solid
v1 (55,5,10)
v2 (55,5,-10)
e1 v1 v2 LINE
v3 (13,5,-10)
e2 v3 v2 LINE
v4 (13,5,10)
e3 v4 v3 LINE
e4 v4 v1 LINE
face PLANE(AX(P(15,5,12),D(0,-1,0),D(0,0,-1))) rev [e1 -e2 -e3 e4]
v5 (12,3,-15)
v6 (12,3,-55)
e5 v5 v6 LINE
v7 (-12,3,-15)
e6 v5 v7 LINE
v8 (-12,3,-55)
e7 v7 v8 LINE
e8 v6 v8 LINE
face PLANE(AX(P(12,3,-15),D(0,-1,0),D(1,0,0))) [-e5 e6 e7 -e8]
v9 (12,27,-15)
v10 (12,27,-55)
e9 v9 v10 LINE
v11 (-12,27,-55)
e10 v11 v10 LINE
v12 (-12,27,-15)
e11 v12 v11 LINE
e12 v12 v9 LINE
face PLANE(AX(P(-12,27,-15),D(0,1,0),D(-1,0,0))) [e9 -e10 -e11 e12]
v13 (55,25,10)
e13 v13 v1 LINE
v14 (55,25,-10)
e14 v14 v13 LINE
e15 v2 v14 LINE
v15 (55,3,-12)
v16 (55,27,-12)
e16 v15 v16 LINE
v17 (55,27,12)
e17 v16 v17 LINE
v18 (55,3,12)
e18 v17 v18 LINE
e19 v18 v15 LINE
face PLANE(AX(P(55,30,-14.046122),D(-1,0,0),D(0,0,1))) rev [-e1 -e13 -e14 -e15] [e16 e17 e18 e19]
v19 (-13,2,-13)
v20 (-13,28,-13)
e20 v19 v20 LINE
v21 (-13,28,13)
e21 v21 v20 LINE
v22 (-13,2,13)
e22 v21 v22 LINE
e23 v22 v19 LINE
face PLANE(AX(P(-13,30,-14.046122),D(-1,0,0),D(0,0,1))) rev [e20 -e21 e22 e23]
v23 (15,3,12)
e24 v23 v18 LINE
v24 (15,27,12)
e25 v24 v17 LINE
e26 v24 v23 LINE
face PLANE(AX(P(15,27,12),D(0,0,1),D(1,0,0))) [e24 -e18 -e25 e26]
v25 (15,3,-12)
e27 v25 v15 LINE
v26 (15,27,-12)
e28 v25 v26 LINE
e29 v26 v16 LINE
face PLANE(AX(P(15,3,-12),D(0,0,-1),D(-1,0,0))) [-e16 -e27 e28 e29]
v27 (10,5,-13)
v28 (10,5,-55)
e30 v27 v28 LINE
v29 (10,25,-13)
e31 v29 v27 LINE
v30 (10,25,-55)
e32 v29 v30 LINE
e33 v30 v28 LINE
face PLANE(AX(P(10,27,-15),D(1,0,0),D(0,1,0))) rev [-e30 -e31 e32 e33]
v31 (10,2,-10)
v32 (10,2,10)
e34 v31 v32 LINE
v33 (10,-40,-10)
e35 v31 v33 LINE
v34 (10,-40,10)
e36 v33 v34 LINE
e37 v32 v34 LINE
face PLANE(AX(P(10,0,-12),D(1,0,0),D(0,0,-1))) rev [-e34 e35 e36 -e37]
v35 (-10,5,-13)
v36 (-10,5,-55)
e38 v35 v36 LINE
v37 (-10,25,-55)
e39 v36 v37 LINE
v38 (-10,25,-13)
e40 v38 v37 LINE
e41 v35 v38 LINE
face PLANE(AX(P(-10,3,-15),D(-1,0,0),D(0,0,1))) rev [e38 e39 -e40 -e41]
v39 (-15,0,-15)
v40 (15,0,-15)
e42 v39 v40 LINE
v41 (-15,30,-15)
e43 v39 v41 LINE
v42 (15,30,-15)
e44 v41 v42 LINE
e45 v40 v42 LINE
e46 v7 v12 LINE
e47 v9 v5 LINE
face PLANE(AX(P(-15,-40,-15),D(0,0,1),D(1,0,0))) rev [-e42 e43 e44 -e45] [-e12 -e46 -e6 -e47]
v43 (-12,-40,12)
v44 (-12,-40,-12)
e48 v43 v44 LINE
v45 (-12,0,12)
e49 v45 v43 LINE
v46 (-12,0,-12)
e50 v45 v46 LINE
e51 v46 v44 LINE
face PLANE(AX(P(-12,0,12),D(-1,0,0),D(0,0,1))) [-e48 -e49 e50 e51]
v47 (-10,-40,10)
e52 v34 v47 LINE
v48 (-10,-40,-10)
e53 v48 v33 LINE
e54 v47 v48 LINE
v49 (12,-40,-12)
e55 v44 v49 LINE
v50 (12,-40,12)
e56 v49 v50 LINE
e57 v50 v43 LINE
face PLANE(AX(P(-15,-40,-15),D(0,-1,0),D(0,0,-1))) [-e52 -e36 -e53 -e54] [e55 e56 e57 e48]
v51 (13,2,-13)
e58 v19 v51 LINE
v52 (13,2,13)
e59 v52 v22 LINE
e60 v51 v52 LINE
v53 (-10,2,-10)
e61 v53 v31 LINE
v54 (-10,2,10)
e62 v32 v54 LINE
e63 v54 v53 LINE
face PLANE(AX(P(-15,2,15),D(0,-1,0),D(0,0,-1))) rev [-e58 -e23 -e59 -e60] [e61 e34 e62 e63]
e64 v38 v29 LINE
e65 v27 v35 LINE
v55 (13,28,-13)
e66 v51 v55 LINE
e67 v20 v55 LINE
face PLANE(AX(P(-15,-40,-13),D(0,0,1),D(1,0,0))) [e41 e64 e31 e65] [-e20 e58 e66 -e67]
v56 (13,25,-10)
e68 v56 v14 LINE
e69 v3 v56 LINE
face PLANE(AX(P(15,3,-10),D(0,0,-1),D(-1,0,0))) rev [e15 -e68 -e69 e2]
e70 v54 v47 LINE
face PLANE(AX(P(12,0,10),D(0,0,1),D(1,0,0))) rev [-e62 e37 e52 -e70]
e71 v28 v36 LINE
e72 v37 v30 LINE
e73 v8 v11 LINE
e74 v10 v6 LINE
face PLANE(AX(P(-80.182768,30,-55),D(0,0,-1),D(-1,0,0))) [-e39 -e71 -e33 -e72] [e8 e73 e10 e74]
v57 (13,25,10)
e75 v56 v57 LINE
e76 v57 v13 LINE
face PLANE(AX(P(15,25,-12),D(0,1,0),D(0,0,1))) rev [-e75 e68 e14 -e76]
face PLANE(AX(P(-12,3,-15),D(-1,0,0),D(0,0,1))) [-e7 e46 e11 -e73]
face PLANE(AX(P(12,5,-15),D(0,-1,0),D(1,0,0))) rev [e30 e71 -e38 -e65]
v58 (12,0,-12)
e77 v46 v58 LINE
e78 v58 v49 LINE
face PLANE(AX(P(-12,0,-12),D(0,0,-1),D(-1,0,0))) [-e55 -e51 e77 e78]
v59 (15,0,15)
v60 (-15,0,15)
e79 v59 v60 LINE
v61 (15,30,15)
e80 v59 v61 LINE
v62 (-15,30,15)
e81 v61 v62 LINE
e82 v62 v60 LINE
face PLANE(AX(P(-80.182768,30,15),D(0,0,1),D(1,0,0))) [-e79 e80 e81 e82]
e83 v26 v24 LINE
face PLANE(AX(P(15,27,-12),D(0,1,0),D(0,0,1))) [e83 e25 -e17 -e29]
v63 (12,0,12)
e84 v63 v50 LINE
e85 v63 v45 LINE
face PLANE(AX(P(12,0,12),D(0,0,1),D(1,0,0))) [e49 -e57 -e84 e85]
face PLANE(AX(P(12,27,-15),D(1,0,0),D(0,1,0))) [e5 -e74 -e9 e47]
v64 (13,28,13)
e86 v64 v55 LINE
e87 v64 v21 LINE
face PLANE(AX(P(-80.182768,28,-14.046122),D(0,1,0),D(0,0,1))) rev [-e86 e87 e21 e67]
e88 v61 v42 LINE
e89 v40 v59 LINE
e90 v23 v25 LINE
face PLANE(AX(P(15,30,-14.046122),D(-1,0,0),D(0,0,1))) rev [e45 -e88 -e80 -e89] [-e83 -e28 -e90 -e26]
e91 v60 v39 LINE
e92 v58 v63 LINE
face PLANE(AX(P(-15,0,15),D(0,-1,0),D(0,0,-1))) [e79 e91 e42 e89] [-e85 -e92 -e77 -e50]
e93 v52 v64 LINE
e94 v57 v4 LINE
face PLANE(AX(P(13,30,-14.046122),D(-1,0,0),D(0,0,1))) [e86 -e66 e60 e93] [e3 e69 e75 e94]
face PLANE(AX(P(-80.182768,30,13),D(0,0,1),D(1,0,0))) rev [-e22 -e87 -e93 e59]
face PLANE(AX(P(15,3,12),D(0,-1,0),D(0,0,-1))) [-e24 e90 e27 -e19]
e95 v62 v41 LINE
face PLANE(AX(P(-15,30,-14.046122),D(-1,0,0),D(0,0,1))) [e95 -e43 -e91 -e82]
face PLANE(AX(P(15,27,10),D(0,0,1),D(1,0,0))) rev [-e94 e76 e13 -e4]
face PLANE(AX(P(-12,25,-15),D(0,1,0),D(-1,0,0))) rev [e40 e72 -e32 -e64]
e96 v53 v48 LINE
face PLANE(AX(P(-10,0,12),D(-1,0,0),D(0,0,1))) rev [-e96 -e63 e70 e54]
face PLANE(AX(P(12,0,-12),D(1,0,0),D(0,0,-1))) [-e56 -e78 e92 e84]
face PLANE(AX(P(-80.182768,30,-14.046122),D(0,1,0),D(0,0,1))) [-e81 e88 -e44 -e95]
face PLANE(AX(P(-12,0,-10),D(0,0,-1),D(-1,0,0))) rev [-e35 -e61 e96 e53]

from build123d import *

# Parameters (mm, degrees)
CROQUIS1_W     = 30
CROQUIS1_H     = 40
CROQUIS1_H_2   = 30
CROQUIS1_W_2   = 40
EXTRUIR1_DEPTH = 30
CROQUIS5_W     = 30
CROQUIS5_H     = 30
EXTRUIR4_DEPTH = 40
CROQUIS2_W     = 30
CROQUIS2_H     = 30
CROQUIS2_W_2   = 24
CROQUIS2_H_2   = 24
EXTRUIR2_DEPTH = 40
CROQUIS3_W     = 30
CROQUIS3_H     = 30
CROQUIS3_W_2   = 24
CROQUIS3_H_2   = 24
EXTRUIR3_DEPTH = 40
CROQUIS7_W     = 30
CROQUIS7_H     = 30
CROQUIS7_W_2   = 24
CROQUIS7_H_2   = 24
EXTRUIR5_DEPTH = 40
VACIADO1_T     = -2


with BuildPart() as part:
    # Croquis1 → Extruir1 (new body)
    with BuildSketch(Plane(origin=(0, 0, 0), x_dir=(1, 0, 0), z_dir=(0, 1, 0))):
        with Locations((0, 35)):
            Rectangle(CROQUIS1_W, CROQUIS1_H)
        Rectangle(CROQUIS1_W, CROQUIS1_H_2)
        with Locations((35, 0)):
            Rectangle(CROQUIS1_W_2, CROQUIS1_H_2)
    extrude(amount=EXTRUIR1_DEPTH)

    # Croquis5 → Extruir4 (add)
    with BuildSketch(Plane.XZ):
        Rectangle(CROQUIS5_W, CROQUIS5_H)
    extrude(amount=EXTRUIR4_DEPTH)

    # Croquis2 → Extruir2 (cut)
    with BuildSketch(Plane(origin=(55, 0, 0), x_dir=(0, 0, -1), z_dir=(1, 0, 0))):
        with Locations((0, 15)):
            Rectangle(CROQUIS2_W, CROQUIS2_H)
        with Locations((0, 15)):
            Rectangle(CROQUIS2_W_2, CROQUIS2_H_2, mode=Mode.SUBTRACT)
    extrude(amount=-EXTRUIR2_DEPTH, mode=Mode.SUBTRACT)

    # Croquis3 → Extruir3 (cut)
    with BuildSketch(Plane(origin=(0, 0, -55), x_dir=(-1, 0, 0), z_dir=(0, 0, -1))):
        with Locations((0, 15)):
            Rectangle(CROQUIS3_W, CROQUIS3_H)
        with Locations((0, 15)):
            Rectangle(CROQUIS3_W_2, CROQUIS3_H_2, mode=Mode.SUBTRACT)
    extrude(amount=-EXTRUIR3_DEPTH, mode=Mode.SUBTRACT)

    # Croquis7 → Extruir5 (cut)
    with BuildSketch(Plane.XZ.offset(40)):
        Rectangle(CROQUIS7_W, CROQUIS7_H)
        Rectangle(CROQUIS7_W_2, CROQUIS7_H_2, mode=Mode.SUBTRACT)
    extrude(amount=-EXTRUIR5_DEPTH, mode=Mode.SUBTRACT)

    # Vaciado1
    vaciado1_openings = [part.faces().sort_by_distance(p)[0] for p in [
        (55, 15, 0),
        (0, 15, -55),
        (0, -40, 0),
    ]]
    offset(amount=VACIADO1_T, openings=vaciado1_openings, kind=Kind.INTERSECTION)


solid = part.part
